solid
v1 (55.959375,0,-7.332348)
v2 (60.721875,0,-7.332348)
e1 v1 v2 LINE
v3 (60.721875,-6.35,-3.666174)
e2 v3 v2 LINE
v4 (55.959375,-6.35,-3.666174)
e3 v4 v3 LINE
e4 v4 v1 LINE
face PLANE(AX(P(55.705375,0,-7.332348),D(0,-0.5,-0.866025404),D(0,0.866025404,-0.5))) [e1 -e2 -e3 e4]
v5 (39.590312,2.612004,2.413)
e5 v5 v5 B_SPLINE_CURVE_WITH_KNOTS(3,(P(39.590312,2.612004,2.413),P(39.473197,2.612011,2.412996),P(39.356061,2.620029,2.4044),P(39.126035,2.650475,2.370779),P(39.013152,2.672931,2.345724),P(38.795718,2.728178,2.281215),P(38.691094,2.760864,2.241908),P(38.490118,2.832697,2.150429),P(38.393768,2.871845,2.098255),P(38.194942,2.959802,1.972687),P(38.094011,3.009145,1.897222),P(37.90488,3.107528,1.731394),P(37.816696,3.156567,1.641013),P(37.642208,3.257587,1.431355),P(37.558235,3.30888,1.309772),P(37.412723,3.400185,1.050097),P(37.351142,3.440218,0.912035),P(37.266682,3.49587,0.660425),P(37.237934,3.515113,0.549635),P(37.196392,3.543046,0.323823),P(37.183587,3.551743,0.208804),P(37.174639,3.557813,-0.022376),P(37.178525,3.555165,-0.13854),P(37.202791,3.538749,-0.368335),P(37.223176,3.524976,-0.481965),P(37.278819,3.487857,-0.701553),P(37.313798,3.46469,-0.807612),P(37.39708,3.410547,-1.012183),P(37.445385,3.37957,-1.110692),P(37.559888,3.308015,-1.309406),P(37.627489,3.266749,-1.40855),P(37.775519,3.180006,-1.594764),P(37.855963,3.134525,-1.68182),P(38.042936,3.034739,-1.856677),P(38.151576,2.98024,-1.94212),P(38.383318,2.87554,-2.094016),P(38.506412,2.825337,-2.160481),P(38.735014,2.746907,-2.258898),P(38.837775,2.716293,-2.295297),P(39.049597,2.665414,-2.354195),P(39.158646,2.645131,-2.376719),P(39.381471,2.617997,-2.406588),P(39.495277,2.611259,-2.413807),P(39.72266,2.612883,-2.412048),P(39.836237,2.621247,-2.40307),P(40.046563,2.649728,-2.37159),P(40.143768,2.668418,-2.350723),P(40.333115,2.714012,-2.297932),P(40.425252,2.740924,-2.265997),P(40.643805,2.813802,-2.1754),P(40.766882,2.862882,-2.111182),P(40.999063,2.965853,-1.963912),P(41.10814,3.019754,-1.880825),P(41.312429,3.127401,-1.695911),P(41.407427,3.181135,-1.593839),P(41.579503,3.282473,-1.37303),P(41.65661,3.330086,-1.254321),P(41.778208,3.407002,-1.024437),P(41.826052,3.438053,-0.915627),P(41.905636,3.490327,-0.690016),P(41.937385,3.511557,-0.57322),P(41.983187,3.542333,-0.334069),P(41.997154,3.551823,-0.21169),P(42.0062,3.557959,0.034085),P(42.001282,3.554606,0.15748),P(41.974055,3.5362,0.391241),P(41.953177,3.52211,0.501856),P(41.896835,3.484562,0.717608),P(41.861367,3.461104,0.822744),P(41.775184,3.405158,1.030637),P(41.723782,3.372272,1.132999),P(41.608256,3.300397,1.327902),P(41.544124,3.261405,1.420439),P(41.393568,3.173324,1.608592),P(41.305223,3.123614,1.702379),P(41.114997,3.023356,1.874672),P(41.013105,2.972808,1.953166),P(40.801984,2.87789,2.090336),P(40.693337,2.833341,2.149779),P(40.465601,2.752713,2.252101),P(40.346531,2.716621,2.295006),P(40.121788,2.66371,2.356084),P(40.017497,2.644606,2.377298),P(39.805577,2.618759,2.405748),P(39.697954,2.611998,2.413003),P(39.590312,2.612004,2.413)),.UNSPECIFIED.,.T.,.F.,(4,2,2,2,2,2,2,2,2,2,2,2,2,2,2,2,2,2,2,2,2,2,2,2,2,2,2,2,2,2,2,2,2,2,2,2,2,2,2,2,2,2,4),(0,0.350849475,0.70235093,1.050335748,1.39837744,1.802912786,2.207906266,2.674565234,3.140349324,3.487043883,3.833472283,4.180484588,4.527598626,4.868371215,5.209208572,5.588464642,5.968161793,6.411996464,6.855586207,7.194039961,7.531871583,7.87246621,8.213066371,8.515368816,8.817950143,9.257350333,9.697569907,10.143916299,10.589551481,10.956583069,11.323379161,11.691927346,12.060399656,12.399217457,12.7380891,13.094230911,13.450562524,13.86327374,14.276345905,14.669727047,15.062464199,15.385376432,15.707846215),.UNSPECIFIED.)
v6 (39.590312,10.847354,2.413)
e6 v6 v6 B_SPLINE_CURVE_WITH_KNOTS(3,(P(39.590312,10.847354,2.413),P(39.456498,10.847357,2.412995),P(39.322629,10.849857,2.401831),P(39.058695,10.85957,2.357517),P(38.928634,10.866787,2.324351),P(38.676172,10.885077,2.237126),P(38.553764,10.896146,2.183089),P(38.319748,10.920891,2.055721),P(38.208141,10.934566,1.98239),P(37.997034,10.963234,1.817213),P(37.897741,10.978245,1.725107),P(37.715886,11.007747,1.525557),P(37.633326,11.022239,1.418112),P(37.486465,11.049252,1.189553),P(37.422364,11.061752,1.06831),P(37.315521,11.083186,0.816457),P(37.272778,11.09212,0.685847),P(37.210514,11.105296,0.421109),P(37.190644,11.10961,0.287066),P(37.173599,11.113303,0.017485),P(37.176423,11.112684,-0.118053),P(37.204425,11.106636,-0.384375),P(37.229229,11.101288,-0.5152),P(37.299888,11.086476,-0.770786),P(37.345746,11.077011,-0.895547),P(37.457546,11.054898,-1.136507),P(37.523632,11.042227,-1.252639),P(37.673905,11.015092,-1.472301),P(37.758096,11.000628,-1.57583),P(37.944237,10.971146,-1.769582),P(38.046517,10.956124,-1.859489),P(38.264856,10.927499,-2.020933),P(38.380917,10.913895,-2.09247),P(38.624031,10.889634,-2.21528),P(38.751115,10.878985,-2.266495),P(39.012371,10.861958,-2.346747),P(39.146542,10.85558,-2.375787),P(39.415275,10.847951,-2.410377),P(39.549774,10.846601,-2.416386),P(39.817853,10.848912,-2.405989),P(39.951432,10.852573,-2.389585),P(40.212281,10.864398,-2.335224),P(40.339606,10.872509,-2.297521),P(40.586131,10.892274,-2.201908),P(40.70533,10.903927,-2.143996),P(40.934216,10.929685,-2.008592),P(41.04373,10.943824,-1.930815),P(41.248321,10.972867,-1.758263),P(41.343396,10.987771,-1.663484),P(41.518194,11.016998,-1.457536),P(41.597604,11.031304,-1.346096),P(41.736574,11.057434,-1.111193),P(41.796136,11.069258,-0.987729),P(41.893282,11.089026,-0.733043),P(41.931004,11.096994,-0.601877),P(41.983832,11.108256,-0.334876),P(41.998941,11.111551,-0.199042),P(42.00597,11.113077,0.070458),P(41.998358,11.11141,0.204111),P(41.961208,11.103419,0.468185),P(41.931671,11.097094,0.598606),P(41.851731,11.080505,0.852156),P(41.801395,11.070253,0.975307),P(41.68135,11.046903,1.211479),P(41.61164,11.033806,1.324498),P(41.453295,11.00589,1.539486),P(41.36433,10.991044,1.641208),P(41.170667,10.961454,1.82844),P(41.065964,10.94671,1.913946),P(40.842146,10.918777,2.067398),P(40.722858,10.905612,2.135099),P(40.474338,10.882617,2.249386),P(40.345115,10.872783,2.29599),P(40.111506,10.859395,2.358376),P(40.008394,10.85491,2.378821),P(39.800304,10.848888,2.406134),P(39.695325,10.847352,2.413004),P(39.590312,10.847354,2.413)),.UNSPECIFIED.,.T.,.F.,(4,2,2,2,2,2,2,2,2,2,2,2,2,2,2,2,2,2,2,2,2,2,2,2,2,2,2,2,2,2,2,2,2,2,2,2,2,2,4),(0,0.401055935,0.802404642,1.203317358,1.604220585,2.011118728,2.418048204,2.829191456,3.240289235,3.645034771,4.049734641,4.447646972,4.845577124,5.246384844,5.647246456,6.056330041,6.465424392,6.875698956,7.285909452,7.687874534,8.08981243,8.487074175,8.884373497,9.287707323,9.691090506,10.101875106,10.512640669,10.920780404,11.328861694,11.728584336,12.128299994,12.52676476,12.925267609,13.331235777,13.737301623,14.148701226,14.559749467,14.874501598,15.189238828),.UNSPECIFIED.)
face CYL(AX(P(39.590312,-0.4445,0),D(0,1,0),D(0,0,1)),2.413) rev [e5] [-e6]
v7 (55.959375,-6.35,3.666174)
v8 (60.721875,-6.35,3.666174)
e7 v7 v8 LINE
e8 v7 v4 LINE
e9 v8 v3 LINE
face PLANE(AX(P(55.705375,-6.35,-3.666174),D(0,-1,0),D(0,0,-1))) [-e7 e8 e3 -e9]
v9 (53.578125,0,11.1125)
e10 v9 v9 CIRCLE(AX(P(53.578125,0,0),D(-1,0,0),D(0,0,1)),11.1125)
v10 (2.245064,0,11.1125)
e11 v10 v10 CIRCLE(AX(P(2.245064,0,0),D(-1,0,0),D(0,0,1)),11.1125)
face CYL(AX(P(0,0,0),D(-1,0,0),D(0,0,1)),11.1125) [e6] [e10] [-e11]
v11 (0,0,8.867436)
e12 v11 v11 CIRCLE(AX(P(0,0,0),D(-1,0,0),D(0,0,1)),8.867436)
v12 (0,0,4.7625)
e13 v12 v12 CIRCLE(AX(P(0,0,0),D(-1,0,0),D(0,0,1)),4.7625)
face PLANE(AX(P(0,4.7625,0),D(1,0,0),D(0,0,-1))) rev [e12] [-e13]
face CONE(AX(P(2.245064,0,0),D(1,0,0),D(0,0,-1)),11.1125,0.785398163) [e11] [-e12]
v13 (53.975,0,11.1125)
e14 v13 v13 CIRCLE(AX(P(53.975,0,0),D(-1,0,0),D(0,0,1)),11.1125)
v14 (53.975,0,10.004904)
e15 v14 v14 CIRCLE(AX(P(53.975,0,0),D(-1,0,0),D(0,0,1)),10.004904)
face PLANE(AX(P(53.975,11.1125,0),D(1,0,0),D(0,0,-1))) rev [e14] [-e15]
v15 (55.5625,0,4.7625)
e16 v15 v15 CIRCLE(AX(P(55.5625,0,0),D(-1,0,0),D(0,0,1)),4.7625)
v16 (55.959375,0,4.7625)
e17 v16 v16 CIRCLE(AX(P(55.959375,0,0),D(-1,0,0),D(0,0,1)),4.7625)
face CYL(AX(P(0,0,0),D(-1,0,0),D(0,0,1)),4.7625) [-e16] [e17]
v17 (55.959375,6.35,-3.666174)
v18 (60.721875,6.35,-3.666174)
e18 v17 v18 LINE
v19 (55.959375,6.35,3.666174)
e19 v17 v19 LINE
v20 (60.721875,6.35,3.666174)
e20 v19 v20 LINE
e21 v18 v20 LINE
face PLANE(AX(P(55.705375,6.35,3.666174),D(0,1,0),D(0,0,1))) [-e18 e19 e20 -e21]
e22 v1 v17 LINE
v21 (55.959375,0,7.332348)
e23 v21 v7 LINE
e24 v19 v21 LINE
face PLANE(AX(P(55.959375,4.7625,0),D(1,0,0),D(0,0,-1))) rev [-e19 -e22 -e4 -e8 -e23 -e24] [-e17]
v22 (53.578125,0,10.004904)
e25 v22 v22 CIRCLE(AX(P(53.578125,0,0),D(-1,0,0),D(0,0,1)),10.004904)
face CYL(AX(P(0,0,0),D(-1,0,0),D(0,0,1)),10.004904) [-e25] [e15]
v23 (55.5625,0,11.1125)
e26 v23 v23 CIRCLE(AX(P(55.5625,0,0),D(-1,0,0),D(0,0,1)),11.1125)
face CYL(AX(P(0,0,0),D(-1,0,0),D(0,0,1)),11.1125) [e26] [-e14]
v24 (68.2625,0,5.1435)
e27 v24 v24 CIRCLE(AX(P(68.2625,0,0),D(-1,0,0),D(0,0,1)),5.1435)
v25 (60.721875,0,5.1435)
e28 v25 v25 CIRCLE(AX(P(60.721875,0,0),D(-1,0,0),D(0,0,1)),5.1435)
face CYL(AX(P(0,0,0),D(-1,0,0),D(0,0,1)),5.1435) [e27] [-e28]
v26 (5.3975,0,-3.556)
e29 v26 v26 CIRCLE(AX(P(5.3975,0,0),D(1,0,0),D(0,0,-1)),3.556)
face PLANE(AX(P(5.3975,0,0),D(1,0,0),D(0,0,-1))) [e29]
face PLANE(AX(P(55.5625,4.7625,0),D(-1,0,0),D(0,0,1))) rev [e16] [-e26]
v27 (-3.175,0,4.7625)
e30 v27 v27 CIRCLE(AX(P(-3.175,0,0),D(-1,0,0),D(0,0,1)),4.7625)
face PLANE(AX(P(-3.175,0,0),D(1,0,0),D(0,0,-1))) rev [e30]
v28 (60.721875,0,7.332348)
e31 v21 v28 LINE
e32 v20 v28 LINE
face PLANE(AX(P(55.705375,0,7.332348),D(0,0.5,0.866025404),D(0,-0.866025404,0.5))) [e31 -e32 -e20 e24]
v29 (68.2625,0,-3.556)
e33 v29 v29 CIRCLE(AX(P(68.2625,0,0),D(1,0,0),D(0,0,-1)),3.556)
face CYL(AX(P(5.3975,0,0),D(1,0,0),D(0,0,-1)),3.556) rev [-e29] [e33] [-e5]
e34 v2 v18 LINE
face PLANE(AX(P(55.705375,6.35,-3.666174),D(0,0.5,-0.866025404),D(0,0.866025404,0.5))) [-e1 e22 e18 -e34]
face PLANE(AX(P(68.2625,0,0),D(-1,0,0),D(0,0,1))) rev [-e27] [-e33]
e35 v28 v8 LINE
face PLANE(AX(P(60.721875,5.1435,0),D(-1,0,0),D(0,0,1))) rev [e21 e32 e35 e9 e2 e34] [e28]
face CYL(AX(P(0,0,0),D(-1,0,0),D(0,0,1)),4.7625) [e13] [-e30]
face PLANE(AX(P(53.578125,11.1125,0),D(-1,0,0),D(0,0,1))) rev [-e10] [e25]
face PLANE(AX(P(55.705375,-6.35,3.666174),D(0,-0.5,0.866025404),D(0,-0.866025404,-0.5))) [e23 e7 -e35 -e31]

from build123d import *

# Parameters (mm, degrees)
CUT_EXTRUDE1_START = -5.0165
SKETCH2_R          = 8.745419401
CUT_EXTRUDE1_DEPTH = 5.0165
SKETCH3_R          = 2.413
CUT_EXTRUDE2_DEPTH = 11.557
SKETCH4_R          = 3.556
CUT_EXTRUDE3_DEPTH = 62.865


with BuildPart() as part:
    # Sketch1 → Revolve1 (revolve)
    with BuildSketch(Plane.XY, mode=Mode.PRIVATE) as revolve1_sk:
        Polygon((2.24506403, 11.1125), (0, 8.86743597), (0, 4.7625), (-3.175, 4.7625), (-3.175, 0), (0, 0), (55.5625, 0), (68.2625, 0), (68.2625, 5.1435), (60.721875, 5.1435), (60.721875, 8.745419401), (55.959375, 8.745419401), (55.959375, 4.7625), (55.5625, 4.7625), (55.5625, 11.1125), (53.975, 11.1125), (53.975, 10.004904014), (53.578125, 10.004904014), (53.578125, 11.1125), align=None)
    revolve(revolve1_sk.sketch.rotate(Axis((0, 0, 0), (1, 0, 0)), 90), axis=Axis((0, 0, 0), (1, 0, 0)))

    # Sketch2 → Cut-Extrude1 (cut)
    with BuildSketch(Plane(origin=(60.721875, 0, 0), x_dir=(0, 0, -1), z_dir=(1, 0, 0)).offset(CUT_EXTRUDE1_START)):
        Circle(SKETCH2_R)
        Polygon((-3.666174209, 6.35), (3.666174209, 6.35), (7.332348419, 0), (3.666174209, -6.35), (-3.666174209, -6.35), (-7.332348419, 0), align=None, mode=Mode.SUBTRACT)
    extrude(amount=CUT_EXTRUDE1_DEPTH, mode=Mode.SUBTRACT)

    # Sketch3 → Cut-Extrude2 (cut)
    with BuildSketch(Plane(origin=(0, 11.1125, 0), x_dir=(1, 0, 0), z_dir=(0, 1, 0))):
        with Locations(Location((39.590311937, 0, 0), (0, 0, 270))):
            Circle(SKETCH3_R)
    extrude(amount=-CUT_EXTRUDE2_DEPTH, mode=Mode.SUBTRACT)

    # Sketch4 → Cut-Extrude3 (cut)
    with BuildSketch(Plane(origin=(68.2625, 0, 0), x_dir=(0, 0, -1), z_dir=(1, 0, 0))):
        Circle(SKETCH4_R)
    extrude(amount=-CUT_EXTRUDE3_DEPTH, mode=Mode.SUBTRACT)


solid = part.part
